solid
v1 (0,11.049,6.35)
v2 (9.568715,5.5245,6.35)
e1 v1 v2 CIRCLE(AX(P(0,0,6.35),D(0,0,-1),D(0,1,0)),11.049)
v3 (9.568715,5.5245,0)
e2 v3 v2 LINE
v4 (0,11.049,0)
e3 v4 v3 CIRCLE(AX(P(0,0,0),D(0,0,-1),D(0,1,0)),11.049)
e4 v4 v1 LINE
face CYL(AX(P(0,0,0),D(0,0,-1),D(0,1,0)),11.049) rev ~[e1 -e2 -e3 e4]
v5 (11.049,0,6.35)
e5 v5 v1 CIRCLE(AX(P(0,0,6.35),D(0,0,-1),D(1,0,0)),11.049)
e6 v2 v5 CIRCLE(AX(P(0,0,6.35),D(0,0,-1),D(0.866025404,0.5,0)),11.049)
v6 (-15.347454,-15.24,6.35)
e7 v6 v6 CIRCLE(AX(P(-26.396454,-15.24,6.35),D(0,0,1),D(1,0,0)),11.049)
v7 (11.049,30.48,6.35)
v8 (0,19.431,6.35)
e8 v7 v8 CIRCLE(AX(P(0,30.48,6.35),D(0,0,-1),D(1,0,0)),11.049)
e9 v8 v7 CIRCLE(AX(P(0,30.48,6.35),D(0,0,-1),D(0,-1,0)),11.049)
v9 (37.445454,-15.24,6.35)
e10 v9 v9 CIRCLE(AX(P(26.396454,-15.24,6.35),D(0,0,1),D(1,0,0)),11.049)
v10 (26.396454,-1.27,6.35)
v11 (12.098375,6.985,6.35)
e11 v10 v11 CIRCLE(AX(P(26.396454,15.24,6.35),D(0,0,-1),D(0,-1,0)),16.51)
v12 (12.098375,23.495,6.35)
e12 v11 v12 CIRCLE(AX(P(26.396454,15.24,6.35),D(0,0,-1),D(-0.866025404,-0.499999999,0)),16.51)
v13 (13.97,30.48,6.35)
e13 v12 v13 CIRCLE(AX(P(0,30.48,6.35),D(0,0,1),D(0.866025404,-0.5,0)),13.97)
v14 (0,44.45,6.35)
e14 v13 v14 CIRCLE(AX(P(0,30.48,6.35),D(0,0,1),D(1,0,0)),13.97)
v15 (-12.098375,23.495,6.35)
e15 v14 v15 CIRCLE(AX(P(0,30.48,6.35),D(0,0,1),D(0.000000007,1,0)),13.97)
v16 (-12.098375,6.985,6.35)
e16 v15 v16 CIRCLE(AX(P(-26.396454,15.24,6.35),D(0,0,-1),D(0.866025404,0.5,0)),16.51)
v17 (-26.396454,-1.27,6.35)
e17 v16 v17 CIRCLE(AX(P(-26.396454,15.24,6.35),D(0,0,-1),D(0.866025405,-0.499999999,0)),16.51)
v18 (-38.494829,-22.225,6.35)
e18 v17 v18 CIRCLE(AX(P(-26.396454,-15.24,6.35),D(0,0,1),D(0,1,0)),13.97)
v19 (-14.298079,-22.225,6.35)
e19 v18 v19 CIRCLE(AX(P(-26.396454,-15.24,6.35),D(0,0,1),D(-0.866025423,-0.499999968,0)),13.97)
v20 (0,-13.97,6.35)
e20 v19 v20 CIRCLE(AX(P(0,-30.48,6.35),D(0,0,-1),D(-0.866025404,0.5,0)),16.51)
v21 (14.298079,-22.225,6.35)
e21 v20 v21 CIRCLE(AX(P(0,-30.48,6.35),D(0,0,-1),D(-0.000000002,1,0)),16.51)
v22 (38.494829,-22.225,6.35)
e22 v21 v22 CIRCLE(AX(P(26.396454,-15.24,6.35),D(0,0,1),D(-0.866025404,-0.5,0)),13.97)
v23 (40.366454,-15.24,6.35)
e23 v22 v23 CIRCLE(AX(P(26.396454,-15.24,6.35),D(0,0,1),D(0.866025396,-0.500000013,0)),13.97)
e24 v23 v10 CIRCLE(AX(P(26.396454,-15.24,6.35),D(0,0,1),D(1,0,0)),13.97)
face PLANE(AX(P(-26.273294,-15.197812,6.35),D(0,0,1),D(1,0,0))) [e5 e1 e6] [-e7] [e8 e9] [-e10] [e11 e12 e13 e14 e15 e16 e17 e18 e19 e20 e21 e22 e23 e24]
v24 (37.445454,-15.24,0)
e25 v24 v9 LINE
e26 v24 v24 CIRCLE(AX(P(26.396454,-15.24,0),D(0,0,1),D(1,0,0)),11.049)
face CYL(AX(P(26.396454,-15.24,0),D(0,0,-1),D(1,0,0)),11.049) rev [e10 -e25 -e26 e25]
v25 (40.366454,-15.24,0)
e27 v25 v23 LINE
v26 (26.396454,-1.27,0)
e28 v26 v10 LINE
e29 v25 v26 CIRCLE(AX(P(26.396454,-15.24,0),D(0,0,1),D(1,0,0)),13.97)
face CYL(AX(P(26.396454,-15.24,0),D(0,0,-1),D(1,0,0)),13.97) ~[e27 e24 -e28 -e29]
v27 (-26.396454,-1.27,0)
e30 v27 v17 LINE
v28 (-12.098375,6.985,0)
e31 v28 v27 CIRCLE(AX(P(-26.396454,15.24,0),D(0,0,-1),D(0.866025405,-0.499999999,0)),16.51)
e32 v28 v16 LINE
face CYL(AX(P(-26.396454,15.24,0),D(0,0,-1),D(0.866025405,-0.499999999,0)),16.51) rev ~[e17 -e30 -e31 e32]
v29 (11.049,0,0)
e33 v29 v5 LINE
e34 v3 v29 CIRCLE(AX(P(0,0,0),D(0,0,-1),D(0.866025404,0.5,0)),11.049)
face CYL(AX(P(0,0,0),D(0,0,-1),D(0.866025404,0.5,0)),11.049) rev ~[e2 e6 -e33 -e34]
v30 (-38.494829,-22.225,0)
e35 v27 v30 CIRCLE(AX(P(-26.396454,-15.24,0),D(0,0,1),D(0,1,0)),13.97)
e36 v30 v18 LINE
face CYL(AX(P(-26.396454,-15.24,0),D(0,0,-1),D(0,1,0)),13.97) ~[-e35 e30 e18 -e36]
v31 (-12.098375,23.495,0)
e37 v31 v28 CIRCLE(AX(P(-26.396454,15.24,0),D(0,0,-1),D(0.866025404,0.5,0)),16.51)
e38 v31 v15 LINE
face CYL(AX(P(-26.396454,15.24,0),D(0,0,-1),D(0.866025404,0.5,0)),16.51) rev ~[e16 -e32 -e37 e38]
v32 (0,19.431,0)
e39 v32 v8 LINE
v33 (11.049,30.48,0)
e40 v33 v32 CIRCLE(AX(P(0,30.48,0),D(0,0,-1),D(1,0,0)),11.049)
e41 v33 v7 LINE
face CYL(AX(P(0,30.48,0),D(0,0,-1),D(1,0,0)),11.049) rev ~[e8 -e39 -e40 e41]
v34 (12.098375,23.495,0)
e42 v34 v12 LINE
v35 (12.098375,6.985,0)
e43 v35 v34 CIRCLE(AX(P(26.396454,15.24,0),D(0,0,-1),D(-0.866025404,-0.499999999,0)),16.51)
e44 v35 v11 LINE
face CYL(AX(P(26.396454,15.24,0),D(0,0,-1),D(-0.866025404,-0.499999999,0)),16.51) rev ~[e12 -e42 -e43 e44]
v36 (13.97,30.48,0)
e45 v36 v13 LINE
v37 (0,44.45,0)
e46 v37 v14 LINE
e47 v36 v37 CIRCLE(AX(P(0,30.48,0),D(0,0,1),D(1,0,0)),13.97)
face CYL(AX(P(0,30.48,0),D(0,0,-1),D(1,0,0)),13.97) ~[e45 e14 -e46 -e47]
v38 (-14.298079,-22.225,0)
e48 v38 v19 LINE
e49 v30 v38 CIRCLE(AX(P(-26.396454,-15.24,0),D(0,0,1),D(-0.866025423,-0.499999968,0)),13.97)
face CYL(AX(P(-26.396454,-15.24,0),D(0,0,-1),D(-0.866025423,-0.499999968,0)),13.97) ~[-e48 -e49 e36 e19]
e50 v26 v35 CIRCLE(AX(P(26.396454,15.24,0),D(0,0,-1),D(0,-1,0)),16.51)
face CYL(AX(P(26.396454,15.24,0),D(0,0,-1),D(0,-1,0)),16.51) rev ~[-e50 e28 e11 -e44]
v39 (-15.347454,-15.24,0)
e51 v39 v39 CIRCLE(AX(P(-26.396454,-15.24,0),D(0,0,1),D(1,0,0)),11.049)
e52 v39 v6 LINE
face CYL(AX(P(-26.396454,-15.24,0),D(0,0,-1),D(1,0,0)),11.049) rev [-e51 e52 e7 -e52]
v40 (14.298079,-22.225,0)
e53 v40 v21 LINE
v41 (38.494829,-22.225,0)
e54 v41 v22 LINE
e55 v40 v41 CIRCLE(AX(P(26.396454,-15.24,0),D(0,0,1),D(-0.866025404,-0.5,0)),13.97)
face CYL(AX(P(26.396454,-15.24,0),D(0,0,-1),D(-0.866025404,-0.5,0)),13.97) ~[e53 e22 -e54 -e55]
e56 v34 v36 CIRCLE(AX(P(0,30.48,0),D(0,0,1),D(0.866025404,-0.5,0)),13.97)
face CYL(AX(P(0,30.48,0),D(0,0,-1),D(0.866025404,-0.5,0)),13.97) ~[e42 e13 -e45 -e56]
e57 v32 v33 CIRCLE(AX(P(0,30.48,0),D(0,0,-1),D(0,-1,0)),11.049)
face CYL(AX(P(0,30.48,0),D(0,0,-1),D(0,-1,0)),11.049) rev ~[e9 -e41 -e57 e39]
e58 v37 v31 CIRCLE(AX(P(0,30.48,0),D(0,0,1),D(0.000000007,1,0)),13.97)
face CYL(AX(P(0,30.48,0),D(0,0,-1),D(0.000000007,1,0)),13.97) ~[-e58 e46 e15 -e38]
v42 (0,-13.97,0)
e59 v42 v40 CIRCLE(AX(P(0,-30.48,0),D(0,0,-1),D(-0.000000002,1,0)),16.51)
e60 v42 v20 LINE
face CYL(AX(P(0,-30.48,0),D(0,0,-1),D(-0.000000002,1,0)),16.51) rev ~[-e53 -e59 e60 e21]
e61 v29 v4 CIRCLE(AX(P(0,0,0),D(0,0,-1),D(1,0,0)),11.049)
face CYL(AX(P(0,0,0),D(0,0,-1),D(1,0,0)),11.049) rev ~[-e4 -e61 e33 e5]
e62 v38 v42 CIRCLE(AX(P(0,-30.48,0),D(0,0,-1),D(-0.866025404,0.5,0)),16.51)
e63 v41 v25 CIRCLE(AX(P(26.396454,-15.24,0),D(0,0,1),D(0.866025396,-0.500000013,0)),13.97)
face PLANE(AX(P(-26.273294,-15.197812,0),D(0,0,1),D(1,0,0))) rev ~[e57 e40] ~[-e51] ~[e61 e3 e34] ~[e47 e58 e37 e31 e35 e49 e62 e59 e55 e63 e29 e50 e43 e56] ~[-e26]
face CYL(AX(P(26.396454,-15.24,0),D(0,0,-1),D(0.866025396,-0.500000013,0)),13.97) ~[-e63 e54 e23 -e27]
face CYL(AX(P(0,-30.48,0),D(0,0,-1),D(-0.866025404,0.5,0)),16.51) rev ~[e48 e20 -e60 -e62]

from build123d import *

# Parameters (mm, degrees)
F0_R     = 11.049
F1_DEPTH = 6.35


with BuildPart() as f1:
    # F0 (on Top) → F1 (new body)
    with BuildSketch(Plane.XY):
        with BuildLine():
            ThreePointArc((-12.4264543073, -15.24), (-16.5181725742, -5.3617182668), (-26.3964543073, -1.27))
            ThreePointArc((-26.3964543073, -1.27), (-38.4948290673, -8.2549997732), (-38.4948294602, -22.2249995463))
            ThreePointArc((-38.4948294602, -22.2249995463), (-26.3964545693, -29.21), (-14.2980794165, -22.225))
            ThreePointArc((-14.2980794165, -22.225), (-12.9024705141, -18.8557020601), (-12.4264543073, -15.24))
        make_face()
        with Locations((-26.3964543073, -15.24)):
            Circle(F0_R, mode=Mode.SUBTRACT)
        with BuildLine():
            ThreePointArc((-3.53e-08, -13.97), (-12.0983749061, -6.9849999736), (-12.098374878, 6.9850000222))
            ThreePointArc((-12.098374878, 6.9850000222), (-18.1414542962, 0.9419205899), (-26.3964543073, -1.27))
            ThreePointArc((-26.3964543073, -1.27), (-16.5181725742, -5.3617182668), (-12.4264543073, -15.24))
            ThreePointArc((-12.4264543073, -15.24), (-12.9024705141, -18.8557020601), (-14.2980794165, -22.225))
            ThreePointArc((-14.2980794165, -22.225), (-8.2550000153, -16.1819205923), (-3.53e-08, -13.97))
        make_face()
        with BuildLine():
            ThreePointArc((26.3964543073, -1.27), (18.1414543021, 0.9419205865), (12.0983748849, 6.9850000104))
            ThreePointArc((12.0983748849, 6.9850000104), (13.4939837917, 3.6157020659), (13.97, 0))
            ThreePointArc((13.97, 0), (9.8782817207, -9.8782817456), (-3.53e-08, -13.97))
            ThreePointArc((-3.53e-08, -13.97), (8.2549999847, -16.1819205747), (14.2980794165, -22.225))
            ThreePointArc((14.2980794165, -22.225), (14.2980794165, -8.255), (26.3964543073, -1.27))
        make_face()
        with BuildLine():
            ThreePointArc((0, 13.97), (6.9849999948, 12.0983748939), (12.0983748849, 6.9850000104))
            ThreePointArc((12.0983748849, 6.9850000104), (9.8864543073, 15.240000006), (12.0983748909, 23.495))
            ThreePointArc((12.0983748909, 23.495), (6.985, 18.3816251091), (0, 16.51))
            Line((0, 16.51), (0, 13.97))
        make_face()
        with BuildLine():
            ThreePointArc((-12.0983748909, 23.495), (-9.8864543073, 15.2400000128), (-12.098374878, 6.9850000222))
            ThreePointArc((-12.098374878, 6.9850000222), (-6.9849999889, 12.0983748973), (0, 13.97))
            Line((0, 13.97), (0, 16.51))
            ThreePointArc((0, 16.51), (-6.985, 18.3816251091), (-12.0983748909, 23.495))
        make_face()
        with BuildLine():
            Line((-12.0983748909, 6.985), (-9.5687146864, 5.5245))
            ThreePointArc((-9.5687146864, 5.5245), (-5.5245, 9.5687146864), (0, 11.049))
            Line((0, 11.049), (0, 13.97))
            ThreePointArc((0, 13.97), (-6.9849999889, 12.0983748973), (-12.098374878, 6.9850000222))
        make_face()
        with BuildLine():
            ThreePointArc((0, 11.049), (5.5245, 9.5687146864), (9.5687146864, 5.5245))
            Line((9.5687146864, 5.5245), (12.0983748909, 6.985))
            ThreePointArc((12.0983748849, 6.9850000104), (6.9849999948, 12.0983748939), (0, 13.97))
            Line((0, 13.97), (0, 11.049))
        make_face()
        with BuildLine():
            ThreePointArc((9.5687146864, 5.5245), (10.6725144547, 2.8596916293), (11.049, 0))
            ThreePointArc((11.049, 0), (-2.8596916293, -10.6725144547), (-9.5687146864, 5.5245))
            Line((-9.5687146864, 5.5245), (-12.0983748909, 6.985))
            ThreePointArc((-12.098374878, 6.9850000222), (-12.0983749061, -6.9849999736), (-3.53e-08, -13.97))
            ThreePointArc((-3.53e-08, -13.97), (9.8782817207, -9.8782817456), (13.97, 0))
            ThreePointArc((13.97, 0), (13.4939837917, 3.6157020659), (12.0983748849, 6.9850000104))
            Line((12.0983748909, 6.985), (9.5687146864, 5.5245))
        make_face()
        with BuildLine():
            ThreePointArc((0, 16.51), (6.985, 18.3816251091), (12.0983748909, 23.495))
            ThreePointArc((12.0983748909, 23.495), (13.4939837933, 26.8642979399), (13.97, 30.48))
            ThreePointArc((13.97, 30.48), (9.8782817686, 40.3582816978), (1.001e-07, 44.45))
            ThreePointArc((1.001e-07, 44.45), (-12.0983748658, 37.4650000434), (-12.0983748909, 23.495))
            ThreePointArc((-12.0983748909, 23.495), (-6.985, 18.3816251091), (0, 16.51))
        make_face()
        with BuildLine():
            ThreePointArc((11.049, 30.48), (7.8128228253, 22.6671771747), (0, 19.431))
            ThreePointArc((0, 19.431), (-7.8128228253, 38.2928228253), (11.049, 30.48))
        make_face(mode=Mode.SUBTRACT)
        with BuildLine():
            ThreePointArc((40.3664543073, -15.24), (36.2747360405, -5.3617182668), (26.3964543073, -1.27))
            ThreePointArc((26.3964543073, -1.27), (14.2980794165, -8.255), (14.2980794165, -22.225))
            ThreePointArc((14.2980794165, -22.225), (26.396454199, -29.21), (38.4948290898, -22.2250001877))
            ThreePointArc((38.4948290898, -22.2250001877), (39.8904380726, -18.8557021648), (40.3664543073, -15.24))
        make_face()
        with Locations((26.3964543073, -15.24)):
            Circle(F0_R, mode=Mode.SUBTRACT)
    extrude(amount=F1_DEPTH)


solid = f1.part
